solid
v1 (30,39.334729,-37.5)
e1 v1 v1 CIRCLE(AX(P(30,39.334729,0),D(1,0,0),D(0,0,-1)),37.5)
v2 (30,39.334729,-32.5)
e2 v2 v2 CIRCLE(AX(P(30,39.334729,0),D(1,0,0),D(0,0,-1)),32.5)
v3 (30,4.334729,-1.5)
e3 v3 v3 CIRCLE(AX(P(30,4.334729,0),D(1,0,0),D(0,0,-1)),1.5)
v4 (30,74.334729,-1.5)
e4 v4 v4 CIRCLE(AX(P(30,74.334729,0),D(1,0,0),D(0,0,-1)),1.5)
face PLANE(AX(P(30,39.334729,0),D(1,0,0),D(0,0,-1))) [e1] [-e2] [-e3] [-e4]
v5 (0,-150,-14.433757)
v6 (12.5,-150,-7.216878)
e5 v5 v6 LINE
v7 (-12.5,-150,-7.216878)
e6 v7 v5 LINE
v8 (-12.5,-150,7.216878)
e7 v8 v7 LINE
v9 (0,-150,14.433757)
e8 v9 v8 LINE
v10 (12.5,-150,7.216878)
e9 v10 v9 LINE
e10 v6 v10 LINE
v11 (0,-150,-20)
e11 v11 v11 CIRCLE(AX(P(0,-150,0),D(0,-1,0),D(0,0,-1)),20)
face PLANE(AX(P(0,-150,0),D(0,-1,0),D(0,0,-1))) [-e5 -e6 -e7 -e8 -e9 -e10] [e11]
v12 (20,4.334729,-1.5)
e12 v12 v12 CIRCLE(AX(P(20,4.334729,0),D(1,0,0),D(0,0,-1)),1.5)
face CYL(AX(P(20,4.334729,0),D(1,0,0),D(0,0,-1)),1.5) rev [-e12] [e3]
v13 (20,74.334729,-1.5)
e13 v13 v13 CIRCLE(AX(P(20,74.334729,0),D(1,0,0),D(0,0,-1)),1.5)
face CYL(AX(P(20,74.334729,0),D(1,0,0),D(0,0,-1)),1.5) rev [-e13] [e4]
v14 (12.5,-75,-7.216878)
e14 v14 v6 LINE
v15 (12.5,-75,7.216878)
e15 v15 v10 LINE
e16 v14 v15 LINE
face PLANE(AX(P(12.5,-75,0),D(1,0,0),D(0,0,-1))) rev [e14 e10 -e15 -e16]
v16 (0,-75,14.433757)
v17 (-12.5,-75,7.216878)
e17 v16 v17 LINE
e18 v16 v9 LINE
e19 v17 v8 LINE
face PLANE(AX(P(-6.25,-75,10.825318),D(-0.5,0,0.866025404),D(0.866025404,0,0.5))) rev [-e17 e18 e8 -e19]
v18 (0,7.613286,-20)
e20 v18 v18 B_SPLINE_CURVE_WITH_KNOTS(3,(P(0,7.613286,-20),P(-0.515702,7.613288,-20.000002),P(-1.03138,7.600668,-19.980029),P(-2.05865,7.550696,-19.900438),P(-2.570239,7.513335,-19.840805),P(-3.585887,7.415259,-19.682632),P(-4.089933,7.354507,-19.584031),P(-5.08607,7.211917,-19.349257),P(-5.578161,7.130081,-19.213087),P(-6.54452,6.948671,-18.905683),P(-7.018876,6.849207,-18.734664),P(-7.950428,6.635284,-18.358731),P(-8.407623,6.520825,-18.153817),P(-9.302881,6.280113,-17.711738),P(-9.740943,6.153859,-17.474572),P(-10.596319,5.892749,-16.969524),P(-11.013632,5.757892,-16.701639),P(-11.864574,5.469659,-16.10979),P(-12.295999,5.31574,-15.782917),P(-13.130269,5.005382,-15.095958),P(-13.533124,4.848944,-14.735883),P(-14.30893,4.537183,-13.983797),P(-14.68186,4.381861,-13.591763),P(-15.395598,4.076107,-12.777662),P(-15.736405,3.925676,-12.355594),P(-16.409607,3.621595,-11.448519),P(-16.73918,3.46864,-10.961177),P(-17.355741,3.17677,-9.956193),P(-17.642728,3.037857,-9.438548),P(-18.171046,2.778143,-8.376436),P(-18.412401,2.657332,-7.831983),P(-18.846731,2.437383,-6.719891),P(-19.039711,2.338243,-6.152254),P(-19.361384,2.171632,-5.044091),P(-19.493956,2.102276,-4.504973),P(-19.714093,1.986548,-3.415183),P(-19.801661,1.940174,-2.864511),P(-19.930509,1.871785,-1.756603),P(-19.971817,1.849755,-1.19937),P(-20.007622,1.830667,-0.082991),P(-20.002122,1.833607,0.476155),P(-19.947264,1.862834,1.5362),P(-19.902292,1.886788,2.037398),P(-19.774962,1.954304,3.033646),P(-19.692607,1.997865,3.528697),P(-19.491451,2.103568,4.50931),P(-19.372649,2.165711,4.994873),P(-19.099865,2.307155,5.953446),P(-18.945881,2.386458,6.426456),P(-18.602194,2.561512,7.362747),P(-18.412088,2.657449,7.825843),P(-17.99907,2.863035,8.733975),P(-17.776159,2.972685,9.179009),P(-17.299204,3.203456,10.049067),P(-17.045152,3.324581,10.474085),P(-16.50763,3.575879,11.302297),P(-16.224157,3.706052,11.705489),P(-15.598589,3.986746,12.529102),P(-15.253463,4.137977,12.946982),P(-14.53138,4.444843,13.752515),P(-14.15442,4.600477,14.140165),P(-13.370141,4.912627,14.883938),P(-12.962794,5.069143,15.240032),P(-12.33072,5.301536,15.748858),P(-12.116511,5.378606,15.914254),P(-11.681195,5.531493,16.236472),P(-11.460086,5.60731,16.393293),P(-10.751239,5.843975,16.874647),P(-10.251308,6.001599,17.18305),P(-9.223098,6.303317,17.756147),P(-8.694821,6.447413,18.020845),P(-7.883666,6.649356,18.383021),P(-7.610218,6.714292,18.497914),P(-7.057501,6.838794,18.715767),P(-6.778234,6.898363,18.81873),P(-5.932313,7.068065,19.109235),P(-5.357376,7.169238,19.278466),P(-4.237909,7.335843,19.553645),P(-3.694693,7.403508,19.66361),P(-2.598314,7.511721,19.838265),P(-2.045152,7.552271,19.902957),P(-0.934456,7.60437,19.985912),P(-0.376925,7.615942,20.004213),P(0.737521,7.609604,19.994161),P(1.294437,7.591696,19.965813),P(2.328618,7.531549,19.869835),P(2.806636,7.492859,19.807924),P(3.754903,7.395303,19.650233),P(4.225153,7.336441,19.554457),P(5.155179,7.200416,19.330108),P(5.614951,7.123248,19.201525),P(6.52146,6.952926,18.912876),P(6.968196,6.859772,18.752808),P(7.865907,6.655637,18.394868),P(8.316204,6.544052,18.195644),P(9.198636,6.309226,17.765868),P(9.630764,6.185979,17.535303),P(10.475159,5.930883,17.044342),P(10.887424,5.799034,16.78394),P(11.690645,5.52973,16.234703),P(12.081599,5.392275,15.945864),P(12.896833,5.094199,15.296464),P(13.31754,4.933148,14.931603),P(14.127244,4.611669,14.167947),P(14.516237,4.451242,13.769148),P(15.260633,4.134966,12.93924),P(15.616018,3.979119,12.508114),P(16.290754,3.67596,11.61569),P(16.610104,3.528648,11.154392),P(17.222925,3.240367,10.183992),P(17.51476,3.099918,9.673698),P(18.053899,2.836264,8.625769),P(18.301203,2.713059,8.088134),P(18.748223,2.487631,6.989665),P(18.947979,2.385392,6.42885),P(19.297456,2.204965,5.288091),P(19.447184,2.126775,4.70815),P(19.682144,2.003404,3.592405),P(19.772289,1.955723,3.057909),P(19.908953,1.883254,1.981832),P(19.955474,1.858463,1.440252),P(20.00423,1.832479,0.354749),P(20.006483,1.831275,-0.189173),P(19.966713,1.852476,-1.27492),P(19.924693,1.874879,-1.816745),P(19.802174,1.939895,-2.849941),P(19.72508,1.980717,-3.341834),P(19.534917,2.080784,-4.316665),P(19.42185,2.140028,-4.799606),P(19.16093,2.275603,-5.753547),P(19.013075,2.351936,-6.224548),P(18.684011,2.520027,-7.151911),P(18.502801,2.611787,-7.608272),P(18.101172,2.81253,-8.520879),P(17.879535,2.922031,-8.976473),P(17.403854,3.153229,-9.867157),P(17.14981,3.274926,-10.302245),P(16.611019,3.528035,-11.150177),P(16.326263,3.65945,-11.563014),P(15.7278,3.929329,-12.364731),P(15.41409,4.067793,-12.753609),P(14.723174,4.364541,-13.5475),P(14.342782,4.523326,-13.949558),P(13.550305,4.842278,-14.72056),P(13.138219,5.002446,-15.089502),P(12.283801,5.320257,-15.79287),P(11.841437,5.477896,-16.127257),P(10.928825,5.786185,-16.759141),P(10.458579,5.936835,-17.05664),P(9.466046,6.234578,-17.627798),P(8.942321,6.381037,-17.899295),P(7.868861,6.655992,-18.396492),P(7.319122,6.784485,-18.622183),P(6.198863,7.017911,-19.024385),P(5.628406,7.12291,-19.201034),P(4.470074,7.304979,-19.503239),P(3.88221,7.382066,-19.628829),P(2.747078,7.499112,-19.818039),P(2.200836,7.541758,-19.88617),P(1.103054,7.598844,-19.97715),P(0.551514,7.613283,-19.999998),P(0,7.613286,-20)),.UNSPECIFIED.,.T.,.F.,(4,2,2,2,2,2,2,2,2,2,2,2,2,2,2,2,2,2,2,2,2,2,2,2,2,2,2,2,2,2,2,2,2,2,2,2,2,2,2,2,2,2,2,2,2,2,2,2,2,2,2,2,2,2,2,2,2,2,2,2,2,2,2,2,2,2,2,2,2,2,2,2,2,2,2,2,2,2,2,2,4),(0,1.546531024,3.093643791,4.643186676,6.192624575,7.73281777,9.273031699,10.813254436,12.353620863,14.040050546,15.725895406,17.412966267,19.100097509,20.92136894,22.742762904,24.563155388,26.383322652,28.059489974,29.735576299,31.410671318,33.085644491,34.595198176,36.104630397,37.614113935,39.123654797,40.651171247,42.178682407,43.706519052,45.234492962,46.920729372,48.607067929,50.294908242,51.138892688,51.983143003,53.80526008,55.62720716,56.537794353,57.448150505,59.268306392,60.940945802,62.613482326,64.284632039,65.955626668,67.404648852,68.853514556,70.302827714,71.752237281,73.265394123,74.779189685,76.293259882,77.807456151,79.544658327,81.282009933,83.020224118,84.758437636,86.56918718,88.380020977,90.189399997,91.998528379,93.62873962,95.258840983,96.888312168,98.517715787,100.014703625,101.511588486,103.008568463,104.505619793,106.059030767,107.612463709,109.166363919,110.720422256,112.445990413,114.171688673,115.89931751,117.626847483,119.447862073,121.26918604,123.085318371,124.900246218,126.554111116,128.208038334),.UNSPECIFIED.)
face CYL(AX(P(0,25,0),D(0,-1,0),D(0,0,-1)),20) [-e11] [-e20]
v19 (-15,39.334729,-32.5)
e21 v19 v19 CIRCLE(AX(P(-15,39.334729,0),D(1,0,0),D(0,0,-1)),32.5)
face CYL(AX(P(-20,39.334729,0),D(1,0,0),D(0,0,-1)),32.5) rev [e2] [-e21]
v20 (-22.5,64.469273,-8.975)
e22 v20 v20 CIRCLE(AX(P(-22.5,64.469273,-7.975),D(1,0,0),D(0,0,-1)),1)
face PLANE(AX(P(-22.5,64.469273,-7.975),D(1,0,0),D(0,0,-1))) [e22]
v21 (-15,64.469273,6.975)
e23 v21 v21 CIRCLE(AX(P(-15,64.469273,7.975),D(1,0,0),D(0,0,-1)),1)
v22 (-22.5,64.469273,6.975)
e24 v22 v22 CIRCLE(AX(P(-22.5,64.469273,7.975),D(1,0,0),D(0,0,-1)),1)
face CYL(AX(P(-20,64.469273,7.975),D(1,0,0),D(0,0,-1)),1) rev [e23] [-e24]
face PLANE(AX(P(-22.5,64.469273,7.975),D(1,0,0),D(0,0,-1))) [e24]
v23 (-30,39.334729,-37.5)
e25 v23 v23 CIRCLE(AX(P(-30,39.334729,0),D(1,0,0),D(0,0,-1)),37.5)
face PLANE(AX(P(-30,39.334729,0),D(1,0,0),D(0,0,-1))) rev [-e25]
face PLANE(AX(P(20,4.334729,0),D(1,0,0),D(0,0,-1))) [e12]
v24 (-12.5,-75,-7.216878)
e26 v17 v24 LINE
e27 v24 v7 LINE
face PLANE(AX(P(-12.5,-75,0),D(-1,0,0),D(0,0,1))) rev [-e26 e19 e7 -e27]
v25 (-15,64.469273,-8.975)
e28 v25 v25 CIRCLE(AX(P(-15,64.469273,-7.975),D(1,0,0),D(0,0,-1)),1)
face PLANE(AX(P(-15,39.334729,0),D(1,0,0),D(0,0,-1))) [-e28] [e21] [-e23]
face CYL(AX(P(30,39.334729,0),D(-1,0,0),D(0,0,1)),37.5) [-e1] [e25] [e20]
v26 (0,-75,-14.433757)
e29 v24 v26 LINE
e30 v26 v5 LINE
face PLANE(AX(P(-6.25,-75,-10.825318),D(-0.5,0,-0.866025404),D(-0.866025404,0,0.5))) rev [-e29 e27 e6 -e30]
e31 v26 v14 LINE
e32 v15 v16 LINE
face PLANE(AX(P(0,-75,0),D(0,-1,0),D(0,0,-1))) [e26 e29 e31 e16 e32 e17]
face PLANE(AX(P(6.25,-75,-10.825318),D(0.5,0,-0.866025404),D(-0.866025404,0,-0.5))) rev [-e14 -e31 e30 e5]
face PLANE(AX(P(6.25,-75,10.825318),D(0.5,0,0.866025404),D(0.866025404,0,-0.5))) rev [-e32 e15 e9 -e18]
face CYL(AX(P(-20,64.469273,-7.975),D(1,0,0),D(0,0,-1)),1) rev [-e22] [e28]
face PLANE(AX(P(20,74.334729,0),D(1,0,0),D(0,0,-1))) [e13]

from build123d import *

# Parameters (mm, degrees)
SKETCH1_R                 = 20
BOSS_EXTRUDE1_DEPTH       = 25
BOSS_EXTRUDE2_START       = 100
SKETCH2_R                 = 20
BOSS_EXTRUDE2_DEPTH       = 100
BOSS_EXTRUDE4_START       = -100
SKETCH6_R                 = 20
BOSS_EXTRUDE4_DEPTH       = 100
SKETCH7_R                 = 25
CUT_EXTRUDE2_DEPTH        = 40
SKETCH8_R                 = 25
SKETCH8_R_2               = 22.5
BOSS_EXTRUDE7_DEPTH       = 40
SKETCH9_R                 = 25
BOSS_EXTRUDE8_DEPTH       = 2
BOSS_EXTRUDE10_DEPTH      = 38
CUT_EXTRUDE3_DEPTH        = 25
SKETCH12_R                = 25
CUT_EXTRUDE4_DEPTH        = 75
BOSS_EXTRUDE11_START      = 50
SKETCH14_R                = 20
BOSS_EXTRUDE11_DEPTH      = 50
BOSS_EXTRUDE12_DEPTH      = 10
BOSS_EXTRUDE12_DEPTH_BACK = 50
SKETCH13_R                = 37.5
SKETCH17_R                = 32.5
CUT_EXTRUDE5_DEPTH        = 50
BOSS_EXTRUDE13_START      = 2
SKETCH18_R                = 37.5
SKETCH18_R_2              = 32.5
BOSS_EXTRUDE13_DEPTH      = 2
SKETCH21_R                = 37.5
SKETCH21_R_2              = 32.5
CUT_EXTRUDE6_DEPTH        = 2
SKETCH22_R                = 1.5
CUT_EXTRUDE7_DEPTH        = 10
BOSS_EXTRUDE14_START      = 5
SKETCH27_R                = 32.5
BOSS_EXTRUDE14_DEPTH      = 5
CUT_EXTRUDE8_DEPTH        = 5
SKETCH29_R                = 1
CUT_EXTRUDE9_DEPTH        = 2.5
SKETCH30_R                = 1
CUT_EXTRUDE10_DEPTH       = 2.5


with BuildPart() as part:
    # Sketch1 → Boss-Extrude1 (new body)
    with BuildSketch(Plane(origin=(0, 0, 0), x_dir=(1, 0, 0), z_dir=(0, 1, 0))):
        with Locations(Location((0, 0, 0), (0, 0, 270))):
            Circle(SKETCH1_R)
        Polygon((14.43375673, 0), (7.216878365, 12.5), (-7.216878365, 12.5), (-14.43375673, 0), (-7.216878365, -12.5), (7.216878365, -12.5), align=None, mode=Mode.SUBTRACT)
    extrude(amount=BOSS_EXTRUDE1_DEPTH)

    # Sketch2 → Boss-Extrude2 (add)
    with BuildSketch(Plane.XZ.offset(BOSS_EXTRUDE2_START)):
        with Locations(Location((0, 0, 0), (0, 0, 270))):
            Circle(SKETCH2_R)
    extrude(amount=-BOSS_EXTRUDE2_DEPTH)

    # Sketch6 → Boss-Extrude4 (add)
    with BuildSketch(Plane(origin=(0, 25, 0), x_dir=(1, 0, 0), z_dir=(0, 1, 0)).offset(BOSS_EXTRUDE4_START)):
        with Locations(Location((0, 0, 0), (0, 0, 90))):
            Circle(SKETCH6_R)
    extrude(amount=BOSS_EXTRUDE4_DEPTH)

    # Sketch7 → Cut-Extrude2 (cut)
    with BuildSketch(Plane(origin=(20, 0, 0), x_dir=(0, 0, -1), z_dir=(1, 0, 0))):
        with Locations((0, 39.286563349)):
            Circle(SKETCH7_R)
    extrude(amount=-CUT_EXTRUDE2_DEPTH, mode=Mode.SUBTRACT)

    # Sketch8 → Boss-Extrude7 (add)
    with BuildSketch(Plane(origin=(20, 0, 0), x_dir=(0, 0, -1), z_dir=(1, 0, 0))):
        with Locations((0, 39.252781264)):
            Circle(SKETCH8_R)
        with Locations((0, 39.252781264)):
            Circle(SKETCH8_R_2, mode=Mode.SUBTRACT)
    extrude(amount=-BOSS_EXTRUDE7_DEPTH)

    # Sketch9 → Boss-Extrude8 (add)
    with BuildSketch(Plane(origin=(20, 0, 0), x_dir=(0, 0, -1), z_dir=(1, 0, 0))):
        with Locations((0, 39.252781264)):
            Circle(SKETCH9_R)
    extrude(amount=-BOSS_EXTRUDE8_DEPTH)

    # Sketch10 → Boss-Extrude10 (add)
    with BuildSketch(Plane.ZY.offset(-18)):
        with BuildLine():
            Line((-15.081099266, 22.555163323), (15.081099266, 22.555163323))
            ThreePointArc((15.081099266, 22.555163323), (0, 16.752781264), (-15.081099266, 22.555163323))
        make_face()
    extrude(amount=BOSS_EXTRUDE10_DEPTH)

    # Sketch11 → Cut-Extrude3 (cut)
    with BuildSketch(Plane.XZ.offset(100)):
        Polygon((12.5, 7.216878365), (0, 14.43375673), (0, 0), (12.5, 0), align=None)
        Polygon((0, 0), (0, 14.43375673), (-12.5, 7.216878365), (-12.5, -7.216878365), (0, -14.43375673), (12.5, -7.216878365), (12.5, 0), align=None)
    extrude(amount=-CUT_EXTRUDE3_DEPTH, mode=Mode.SUBTRACT)

    # Sketch12 → Cut-Extrude4 (cut)
    with BuildSketch(Plane(origin=(20, 0, 0), x_dir=(0, 0, -1), z_dir=(1, 0, 0))):
        with Locations((0, 39.252781264)):
            Circle(SKETCH12_R)
    extrude(amount=-CUT_EXTRUDE4_DEPTH, mode=Mode.SUBTRACT)

    # Sketch14 → Boss-Extrude11 (add)
    with BuildSketch(Plane.XZ.offset(100).offset(BOSS_EXTRUDE11_START)):
        with Locations(Location((0, 0, 0), (0, 0, 270))):
            Circle(SKETCH14_R)
        Polygon((0, -14.43375673), (12.5, -7.216878365), (12.5, 7.216878365), (0, 14.43375673), (-12.5, 7.216878365), (-12.5, -7.216878365), align=None, mode=Mode.SUBTRACT)
    extrude(amount=-BOSS_EXTRUDE11_DEPTH)

    # Sketch13 → Boss-Extrude12 (add, two sides: drawn at the far end of the back side and taken through both)
    with BuildSketch(Plane(origin=(20, 0, 0), x_dir=(0, 0, -1), z_dir=(1, 0, 0)).offset(-BOSS_EXTRUDE12_DEPTH_BACK)):
        with Locations((0, 39.33472939)):
            Circle(SKETCH13_R)
    extrude(amount=BOSS_EXTRUDE12_DEPTH + BOSS_EXTRUDE12_DEPTH_BACK)

    # Sketch17 → Cut-Extrude5 (cut)
    with BuildSketch(Plane(origin=(30, 0, 0), x_dir=(0, 0, -1), z_dir=(1, 0, 0))):
        with Locations((0, 39.33472939)):
            Circle(SKETCH17_R)
    extrude(amount=-CUT_EXTRUDE5_DEPTH, mode=Mode.SUBTRACT)

    # Sketch18 → Boss-Extrude13 (add)
    with BuildSketch(Plane(origin=(30, 0, 0), x_dir=(0, 0, -1), z_dir=(1, 0, 0)).offset(BOSS_EXTRUDE13_START)):
        with Locations((0, 39.33472939)):
            Circle(SKETCH18_R)
        with Locations((0, 39.33472939)):
            Circle(SKETCH18_R_2, mode=Mode.SUBTRACT)
    extrude(amount=-BOSS_EXTRUDE13_DEPTH)

    # Sketch21 → Cut-Extrude6 (cut)
    with BuildSketch(Plane(origin=(32, 0, 0), x_dir=(0, 0, -1), z_dir=(1, 0, 0))):
        with Locations((0, 39.33472939)):
            Circle(SKETCH21_R)
        with Locations((0, 39.33472939)):
            Circle(SKETCH21_R_2, mode=Mode.SUBTRACT)
    extrude(amount=-CUT_EXTRUDE6_DEPTH, mode=Mode.SUBTRACT)

    # Sketch22 → Cut-Extrude7 (cut)
    with BuildSketch(Plane(origin=(30, 0, 0), x_dir=(0, 0, -1), z_dir=(1, 0, 0))):
        with Locations((0, 74.33472939)):
            Circle(SKETCH22_R)
        with Locations((0, 4.33472939)):
            Circle(SKETCH22_R)
    extrude(amount=-CUT_EXTRUDE7_DEPTH, mode=Mode.SUBTRACT)

    # Sketch27 → Boss-Extrude14 (add)
    with BuildSketch(Plane(origin=(-20, 0, 0), x_dir=(0, 0, -1), z_dir=(1, 0, 0)).offset(BOSS_EXTRUDE14_START)):
        with Locations((0, 39.33472939)):
            Circle(SKETCH27_R)
    extrude(amount=-BOSS_EXTRUDE14_DEPTH)

    # Sketch28 → Cut-Extrude8 (cut)
    with BuildSketch(Plane(origin=(-15, 0, 0), x_dir=(0, 0, -1), z_dir=(1, 0, 0))):
        with BuildLine():
            ThreePointArc((-6.975, 64.469273085), (-7.975, 65.469273085), (-8.975, 64.469273085))
            Line((-8.975, 64.469273085), (-6.975, 64.469273085))
        make_face()
        with BuildLine():
            Line((-6.975, 64.469273085), (-8.975, 64.469273085))
            ThreePointArc((-8.975, 64.469273085), (-7.975, 63.469273085), (-6.975, 64.469273085))
        make_face()
        with BuildLine():
            ThreePointArc((8.975, 64.469273085), (7.975, 65.469273085), (6.975, 64.469273085))
            Line((6.975, 64.469273085), (8.975, 64.469273085))
        make_face()
        with BuildLine():
            Line((8.975, 64.469273085), (6.975, 64.469273085))
            ThreePointArc((6.975, 64.469273085), (7.975, 63.469273085), (8.975, 64.469273085))
        make_face()
    extrude(amount=-CUT_EXTRUDE8_DEPTH, mode=Mode.SUBTRACT)

    # Sketch29 → Cut-Extrude9 (cut)
    with BuildSketch(Plane(origin=(-20, 0, 0), x_dir=(0, 0, -1), z_dir=(1, 0, 0))):
        with Locations((7.975, 64.469273085)):
            Circle(SKETCH29_R)
    extrude(amount=-CUT_EXTRUDE9_DEPTH, mode=Mode.SUBTRACT)

    # Sketch30 → Cut-Extrude10 (cut)
    with BuildSketch(Plane(origin=(-20, 0, 0), x_dir=(0, 0, -1), z_dir=(1, 0, 0))):
        with Locations((-7.975, 64.469273085)):
            Circle(SKETCH30_R)
    extrude(amount=-CUT_EXTRUDE10_DEPTH, mode=Mode.SUBTRACT)


solid = part.part
